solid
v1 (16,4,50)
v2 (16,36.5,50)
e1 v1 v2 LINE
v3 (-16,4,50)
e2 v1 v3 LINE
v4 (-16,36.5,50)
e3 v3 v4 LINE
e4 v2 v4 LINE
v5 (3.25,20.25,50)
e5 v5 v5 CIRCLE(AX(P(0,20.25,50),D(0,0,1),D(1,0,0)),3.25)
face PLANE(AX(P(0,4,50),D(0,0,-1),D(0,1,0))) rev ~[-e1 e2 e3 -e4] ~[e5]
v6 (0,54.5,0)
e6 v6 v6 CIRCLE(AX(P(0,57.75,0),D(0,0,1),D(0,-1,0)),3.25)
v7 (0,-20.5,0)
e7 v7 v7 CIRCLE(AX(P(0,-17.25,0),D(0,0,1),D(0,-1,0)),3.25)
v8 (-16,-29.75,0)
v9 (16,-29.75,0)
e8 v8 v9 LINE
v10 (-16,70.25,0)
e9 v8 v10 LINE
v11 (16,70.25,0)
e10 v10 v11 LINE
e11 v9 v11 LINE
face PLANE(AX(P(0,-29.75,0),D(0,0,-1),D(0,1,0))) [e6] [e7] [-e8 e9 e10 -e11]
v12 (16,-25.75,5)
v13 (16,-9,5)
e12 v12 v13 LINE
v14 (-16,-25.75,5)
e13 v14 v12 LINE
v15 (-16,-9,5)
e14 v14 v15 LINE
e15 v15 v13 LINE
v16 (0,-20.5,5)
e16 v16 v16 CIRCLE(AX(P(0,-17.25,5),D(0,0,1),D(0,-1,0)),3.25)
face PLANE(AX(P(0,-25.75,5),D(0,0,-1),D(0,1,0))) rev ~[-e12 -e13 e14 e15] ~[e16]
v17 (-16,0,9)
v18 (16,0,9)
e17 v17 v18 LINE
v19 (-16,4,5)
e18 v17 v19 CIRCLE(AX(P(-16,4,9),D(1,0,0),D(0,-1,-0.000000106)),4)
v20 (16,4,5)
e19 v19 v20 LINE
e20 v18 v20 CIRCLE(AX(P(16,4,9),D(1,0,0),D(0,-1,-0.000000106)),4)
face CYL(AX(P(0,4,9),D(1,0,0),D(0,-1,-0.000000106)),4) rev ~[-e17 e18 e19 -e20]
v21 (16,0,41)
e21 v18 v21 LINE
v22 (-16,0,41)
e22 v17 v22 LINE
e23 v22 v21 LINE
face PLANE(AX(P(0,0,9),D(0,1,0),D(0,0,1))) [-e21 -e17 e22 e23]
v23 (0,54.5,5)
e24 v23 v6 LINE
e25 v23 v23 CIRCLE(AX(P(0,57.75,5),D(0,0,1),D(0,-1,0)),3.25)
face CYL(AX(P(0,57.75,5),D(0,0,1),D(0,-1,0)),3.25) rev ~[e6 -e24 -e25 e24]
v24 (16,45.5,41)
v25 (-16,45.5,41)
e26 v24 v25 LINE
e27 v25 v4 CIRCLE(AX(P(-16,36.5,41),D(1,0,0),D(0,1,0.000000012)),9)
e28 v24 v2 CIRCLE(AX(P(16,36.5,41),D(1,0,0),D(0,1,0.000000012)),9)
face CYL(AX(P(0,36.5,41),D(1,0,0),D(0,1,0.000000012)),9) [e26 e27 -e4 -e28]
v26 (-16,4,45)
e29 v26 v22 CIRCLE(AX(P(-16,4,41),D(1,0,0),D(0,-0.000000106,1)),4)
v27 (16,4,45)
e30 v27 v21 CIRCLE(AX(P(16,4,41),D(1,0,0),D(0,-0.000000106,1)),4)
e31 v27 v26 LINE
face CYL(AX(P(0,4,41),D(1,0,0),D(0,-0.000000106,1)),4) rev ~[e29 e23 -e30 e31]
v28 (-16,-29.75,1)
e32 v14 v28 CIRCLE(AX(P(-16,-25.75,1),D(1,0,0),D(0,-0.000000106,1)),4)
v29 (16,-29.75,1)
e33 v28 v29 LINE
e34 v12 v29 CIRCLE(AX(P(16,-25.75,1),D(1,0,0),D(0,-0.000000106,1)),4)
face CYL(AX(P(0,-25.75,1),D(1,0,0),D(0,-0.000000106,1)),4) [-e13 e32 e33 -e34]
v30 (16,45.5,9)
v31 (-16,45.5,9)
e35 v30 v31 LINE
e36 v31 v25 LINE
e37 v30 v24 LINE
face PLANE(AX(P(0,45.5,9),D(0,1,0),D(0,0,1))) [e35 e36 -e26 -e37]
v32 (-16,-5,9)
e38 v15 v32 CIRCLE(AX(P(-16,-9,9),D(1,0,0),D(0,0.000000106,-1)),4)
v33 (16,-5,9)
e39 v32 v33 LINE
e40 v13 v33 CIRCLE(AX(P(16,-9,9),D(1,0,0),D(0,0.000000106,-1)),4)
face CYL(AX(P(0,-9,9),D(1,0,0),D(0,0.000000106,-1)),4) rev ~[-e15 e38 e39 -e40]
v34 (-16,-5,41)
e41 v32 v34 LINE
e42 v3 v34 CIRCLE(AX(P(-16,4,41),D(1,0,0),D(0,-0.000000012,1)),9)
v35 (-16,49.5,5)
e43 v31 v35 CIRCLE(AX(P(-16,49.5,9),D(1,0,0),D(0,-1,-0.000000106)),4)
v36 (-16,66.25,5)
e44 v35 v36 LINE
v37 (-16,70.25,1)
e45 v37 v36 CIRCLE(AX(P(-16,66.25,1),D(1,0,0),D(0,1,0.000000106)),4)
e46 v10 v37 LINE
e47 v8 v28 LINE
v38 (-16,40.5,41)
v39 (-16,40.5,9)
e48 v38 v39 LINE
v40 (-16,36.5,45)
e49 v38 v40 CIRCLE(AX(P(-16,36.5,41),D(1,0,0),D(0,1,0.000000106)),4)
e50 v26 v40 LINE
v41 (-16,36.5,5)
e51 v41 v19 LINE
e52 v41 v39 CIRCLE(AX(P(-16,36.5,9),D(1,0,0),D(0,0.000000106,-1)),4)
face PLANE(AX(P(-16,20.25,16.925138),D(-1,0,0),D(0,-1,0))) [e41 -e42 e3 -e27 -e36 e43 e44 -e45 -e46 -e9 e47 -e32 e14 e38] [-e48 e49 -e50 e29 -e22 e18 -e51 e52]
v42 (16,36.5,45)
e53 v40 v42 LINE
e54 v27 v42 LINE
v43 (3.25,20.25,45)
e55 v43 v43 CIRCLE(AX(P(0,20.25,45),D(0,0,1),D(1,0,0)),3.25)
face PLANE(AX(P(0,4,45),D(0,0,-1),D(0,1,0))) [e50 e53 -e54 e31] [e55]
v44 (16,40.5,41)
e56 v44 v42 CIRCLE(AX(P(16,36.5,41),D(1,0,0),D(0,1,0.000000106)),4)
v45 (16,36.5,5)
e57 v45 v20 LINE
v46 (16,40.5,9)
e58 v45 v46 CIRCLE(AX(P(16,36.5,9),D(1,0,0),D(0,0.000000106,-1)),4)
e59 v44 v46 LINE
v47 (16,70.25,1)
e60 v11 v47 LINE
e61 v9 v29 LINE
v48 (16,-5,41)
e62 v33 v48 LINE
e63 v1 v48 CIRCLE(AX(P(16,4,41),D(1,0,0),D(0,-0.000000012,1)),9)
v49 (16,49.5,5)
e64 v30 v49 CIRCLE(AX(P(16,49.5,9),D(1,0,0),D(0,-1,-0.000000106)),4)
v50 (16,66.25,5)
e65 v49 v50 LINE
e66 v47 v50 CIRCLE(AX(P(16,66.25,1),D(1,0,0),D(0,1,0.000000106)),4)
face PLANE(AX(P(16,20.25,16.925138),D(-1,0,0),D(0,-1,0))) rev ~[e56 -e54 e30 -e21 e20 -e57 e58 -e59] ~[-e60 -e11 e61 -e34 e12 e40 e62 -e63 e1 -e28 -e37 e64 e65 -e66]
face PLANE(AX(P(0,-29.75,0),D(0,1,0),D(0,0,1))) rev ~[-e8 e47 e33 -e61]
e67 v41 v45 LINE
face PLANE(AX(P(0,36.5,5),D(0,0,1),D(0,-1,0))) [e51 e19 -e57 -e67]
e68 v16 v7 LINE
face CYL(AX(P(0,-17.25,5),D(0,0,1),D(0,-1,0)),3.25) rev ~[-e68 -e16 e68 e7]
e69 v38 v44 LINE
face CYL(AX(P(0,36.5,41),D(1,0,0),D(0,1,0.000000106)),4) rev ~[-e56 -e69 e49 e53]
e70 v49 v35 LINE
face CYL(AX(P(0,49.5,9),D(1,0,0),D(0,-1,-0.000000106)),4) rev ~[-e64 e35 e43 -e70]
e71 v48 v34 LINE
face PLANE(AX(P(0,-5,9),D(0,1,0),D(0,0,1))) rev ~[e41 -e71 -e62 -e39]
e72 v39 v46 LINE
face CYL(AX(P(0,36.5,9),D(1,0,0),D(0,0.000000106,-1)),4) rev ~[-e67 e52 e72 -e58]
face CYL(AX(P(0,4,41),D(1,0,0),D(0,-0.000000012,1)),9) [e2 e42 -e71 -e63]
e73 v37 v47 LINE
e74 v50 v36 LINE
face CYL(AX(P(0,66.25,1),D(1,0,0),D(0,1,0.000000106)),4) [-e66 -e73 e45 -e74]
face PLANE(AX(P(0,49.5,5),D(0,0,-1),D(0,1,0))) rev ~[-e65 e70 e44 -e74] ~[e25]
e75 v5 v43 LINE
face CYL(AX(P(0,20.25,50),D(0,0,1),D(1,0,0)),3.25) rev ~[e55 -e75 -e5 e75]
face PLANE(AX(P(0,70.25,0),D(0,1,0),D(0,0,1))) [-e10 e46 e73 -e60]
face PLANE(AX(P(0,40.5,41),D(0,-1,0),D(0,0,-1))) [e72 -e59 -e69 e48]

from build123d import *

# Parameters (mm, degrees)
PAD_DEPTH       = 16
SKETCH014_R     = 3.25
POCKET007_DEPTH = 10
SKETCH017_R     = 3.25
POCKET008_DEPTH = 5


with BuildPart() as part:
    # Sketch → Pad (new body, symmetric)
    with BuildSketch(Plane.YZ):
        with BuildLine():
            Line((-5, 9), (-5, 41))
            ThreePointArc((4, 50), (-2.363961, 47.363961), (-5, 41))
            Line((4, 50), (36.5, 50))
            ThreePointArc((45.5, 41), (42.863961, 47.363961), (36.5, 50))
            Line((45.5, 9), (45.5, 41))
            ThreePointArc((45.5, 9), (46.671573, 6.171573), (49.5, 5))
            Line((49.5, 5), (66.25, 5))
            ThreePointArc((70.25, 1), (69.078427, 3.828427), (66.25, 5))
            Line((70.25, 0), (70.25, 1))
            Line((-29.75, 0), (70.25, 0))
            Line((-29.75, 0), (-29.75, 1))
            ThreePointArc((-25.75, 5), (-28.578427, 3.828427), (-29.75, 1))
            Line((-25.75, 5), (-9, 5))
            ThreePointArc((-9, 5), (-6.171573, 6.171573), (-5, 9))
        make_face()
        with BuildLine():
            ThreePointArc((4, 45), (1.171573, 43.828427), (0, 41))
            Line((0, 9), (0, 41))
            ThreePointArc((0, 9), (1.171573, 6.171573), (4, 5))
            Line((36.5, 5), (4, 5))
            ThreePointArc((36.5, 5), (39.328427, 6.171573), (40.5, 9))
            Line((40.5, 41), (40.5, 9))
            ThreePointArc((40.5, 41), (39.328427, 43.828427), (36.5, 45))
            Line((4, 45), (36.5, 45))
        make_face(mode=Mode.SUBTRACT)
    extrude(amount=PAD_DEPTH, both=True)

    # Sketch014 → Pocket007 (cut)
    with BuildSketch(Plane.XY.offset(50)):
        with Locations((0, 20.25)):
            Circle(SKETCH014_R)
    extrude(amount=-POCKET007_DEPTH, mode=Mode.SUBTRACT)

    # Sketch017 (on Face13 of Pocket007) → Pocket008 (cut)
    with BuildSketch(Plane(origin=(0, 0, 5), x_dir=(0, -1, 0), z_dir=(0, 0, 1))):
        with Locations((-57.75, 0)):
            Circle(SKETCH017_R)
        with Locations((17.25, 0)):
            Circle(SKETCH017_R)
    extrude(amount=-POCKET008_DEPTH, mode=Mode.SUBTRACT)


solid = part.part
